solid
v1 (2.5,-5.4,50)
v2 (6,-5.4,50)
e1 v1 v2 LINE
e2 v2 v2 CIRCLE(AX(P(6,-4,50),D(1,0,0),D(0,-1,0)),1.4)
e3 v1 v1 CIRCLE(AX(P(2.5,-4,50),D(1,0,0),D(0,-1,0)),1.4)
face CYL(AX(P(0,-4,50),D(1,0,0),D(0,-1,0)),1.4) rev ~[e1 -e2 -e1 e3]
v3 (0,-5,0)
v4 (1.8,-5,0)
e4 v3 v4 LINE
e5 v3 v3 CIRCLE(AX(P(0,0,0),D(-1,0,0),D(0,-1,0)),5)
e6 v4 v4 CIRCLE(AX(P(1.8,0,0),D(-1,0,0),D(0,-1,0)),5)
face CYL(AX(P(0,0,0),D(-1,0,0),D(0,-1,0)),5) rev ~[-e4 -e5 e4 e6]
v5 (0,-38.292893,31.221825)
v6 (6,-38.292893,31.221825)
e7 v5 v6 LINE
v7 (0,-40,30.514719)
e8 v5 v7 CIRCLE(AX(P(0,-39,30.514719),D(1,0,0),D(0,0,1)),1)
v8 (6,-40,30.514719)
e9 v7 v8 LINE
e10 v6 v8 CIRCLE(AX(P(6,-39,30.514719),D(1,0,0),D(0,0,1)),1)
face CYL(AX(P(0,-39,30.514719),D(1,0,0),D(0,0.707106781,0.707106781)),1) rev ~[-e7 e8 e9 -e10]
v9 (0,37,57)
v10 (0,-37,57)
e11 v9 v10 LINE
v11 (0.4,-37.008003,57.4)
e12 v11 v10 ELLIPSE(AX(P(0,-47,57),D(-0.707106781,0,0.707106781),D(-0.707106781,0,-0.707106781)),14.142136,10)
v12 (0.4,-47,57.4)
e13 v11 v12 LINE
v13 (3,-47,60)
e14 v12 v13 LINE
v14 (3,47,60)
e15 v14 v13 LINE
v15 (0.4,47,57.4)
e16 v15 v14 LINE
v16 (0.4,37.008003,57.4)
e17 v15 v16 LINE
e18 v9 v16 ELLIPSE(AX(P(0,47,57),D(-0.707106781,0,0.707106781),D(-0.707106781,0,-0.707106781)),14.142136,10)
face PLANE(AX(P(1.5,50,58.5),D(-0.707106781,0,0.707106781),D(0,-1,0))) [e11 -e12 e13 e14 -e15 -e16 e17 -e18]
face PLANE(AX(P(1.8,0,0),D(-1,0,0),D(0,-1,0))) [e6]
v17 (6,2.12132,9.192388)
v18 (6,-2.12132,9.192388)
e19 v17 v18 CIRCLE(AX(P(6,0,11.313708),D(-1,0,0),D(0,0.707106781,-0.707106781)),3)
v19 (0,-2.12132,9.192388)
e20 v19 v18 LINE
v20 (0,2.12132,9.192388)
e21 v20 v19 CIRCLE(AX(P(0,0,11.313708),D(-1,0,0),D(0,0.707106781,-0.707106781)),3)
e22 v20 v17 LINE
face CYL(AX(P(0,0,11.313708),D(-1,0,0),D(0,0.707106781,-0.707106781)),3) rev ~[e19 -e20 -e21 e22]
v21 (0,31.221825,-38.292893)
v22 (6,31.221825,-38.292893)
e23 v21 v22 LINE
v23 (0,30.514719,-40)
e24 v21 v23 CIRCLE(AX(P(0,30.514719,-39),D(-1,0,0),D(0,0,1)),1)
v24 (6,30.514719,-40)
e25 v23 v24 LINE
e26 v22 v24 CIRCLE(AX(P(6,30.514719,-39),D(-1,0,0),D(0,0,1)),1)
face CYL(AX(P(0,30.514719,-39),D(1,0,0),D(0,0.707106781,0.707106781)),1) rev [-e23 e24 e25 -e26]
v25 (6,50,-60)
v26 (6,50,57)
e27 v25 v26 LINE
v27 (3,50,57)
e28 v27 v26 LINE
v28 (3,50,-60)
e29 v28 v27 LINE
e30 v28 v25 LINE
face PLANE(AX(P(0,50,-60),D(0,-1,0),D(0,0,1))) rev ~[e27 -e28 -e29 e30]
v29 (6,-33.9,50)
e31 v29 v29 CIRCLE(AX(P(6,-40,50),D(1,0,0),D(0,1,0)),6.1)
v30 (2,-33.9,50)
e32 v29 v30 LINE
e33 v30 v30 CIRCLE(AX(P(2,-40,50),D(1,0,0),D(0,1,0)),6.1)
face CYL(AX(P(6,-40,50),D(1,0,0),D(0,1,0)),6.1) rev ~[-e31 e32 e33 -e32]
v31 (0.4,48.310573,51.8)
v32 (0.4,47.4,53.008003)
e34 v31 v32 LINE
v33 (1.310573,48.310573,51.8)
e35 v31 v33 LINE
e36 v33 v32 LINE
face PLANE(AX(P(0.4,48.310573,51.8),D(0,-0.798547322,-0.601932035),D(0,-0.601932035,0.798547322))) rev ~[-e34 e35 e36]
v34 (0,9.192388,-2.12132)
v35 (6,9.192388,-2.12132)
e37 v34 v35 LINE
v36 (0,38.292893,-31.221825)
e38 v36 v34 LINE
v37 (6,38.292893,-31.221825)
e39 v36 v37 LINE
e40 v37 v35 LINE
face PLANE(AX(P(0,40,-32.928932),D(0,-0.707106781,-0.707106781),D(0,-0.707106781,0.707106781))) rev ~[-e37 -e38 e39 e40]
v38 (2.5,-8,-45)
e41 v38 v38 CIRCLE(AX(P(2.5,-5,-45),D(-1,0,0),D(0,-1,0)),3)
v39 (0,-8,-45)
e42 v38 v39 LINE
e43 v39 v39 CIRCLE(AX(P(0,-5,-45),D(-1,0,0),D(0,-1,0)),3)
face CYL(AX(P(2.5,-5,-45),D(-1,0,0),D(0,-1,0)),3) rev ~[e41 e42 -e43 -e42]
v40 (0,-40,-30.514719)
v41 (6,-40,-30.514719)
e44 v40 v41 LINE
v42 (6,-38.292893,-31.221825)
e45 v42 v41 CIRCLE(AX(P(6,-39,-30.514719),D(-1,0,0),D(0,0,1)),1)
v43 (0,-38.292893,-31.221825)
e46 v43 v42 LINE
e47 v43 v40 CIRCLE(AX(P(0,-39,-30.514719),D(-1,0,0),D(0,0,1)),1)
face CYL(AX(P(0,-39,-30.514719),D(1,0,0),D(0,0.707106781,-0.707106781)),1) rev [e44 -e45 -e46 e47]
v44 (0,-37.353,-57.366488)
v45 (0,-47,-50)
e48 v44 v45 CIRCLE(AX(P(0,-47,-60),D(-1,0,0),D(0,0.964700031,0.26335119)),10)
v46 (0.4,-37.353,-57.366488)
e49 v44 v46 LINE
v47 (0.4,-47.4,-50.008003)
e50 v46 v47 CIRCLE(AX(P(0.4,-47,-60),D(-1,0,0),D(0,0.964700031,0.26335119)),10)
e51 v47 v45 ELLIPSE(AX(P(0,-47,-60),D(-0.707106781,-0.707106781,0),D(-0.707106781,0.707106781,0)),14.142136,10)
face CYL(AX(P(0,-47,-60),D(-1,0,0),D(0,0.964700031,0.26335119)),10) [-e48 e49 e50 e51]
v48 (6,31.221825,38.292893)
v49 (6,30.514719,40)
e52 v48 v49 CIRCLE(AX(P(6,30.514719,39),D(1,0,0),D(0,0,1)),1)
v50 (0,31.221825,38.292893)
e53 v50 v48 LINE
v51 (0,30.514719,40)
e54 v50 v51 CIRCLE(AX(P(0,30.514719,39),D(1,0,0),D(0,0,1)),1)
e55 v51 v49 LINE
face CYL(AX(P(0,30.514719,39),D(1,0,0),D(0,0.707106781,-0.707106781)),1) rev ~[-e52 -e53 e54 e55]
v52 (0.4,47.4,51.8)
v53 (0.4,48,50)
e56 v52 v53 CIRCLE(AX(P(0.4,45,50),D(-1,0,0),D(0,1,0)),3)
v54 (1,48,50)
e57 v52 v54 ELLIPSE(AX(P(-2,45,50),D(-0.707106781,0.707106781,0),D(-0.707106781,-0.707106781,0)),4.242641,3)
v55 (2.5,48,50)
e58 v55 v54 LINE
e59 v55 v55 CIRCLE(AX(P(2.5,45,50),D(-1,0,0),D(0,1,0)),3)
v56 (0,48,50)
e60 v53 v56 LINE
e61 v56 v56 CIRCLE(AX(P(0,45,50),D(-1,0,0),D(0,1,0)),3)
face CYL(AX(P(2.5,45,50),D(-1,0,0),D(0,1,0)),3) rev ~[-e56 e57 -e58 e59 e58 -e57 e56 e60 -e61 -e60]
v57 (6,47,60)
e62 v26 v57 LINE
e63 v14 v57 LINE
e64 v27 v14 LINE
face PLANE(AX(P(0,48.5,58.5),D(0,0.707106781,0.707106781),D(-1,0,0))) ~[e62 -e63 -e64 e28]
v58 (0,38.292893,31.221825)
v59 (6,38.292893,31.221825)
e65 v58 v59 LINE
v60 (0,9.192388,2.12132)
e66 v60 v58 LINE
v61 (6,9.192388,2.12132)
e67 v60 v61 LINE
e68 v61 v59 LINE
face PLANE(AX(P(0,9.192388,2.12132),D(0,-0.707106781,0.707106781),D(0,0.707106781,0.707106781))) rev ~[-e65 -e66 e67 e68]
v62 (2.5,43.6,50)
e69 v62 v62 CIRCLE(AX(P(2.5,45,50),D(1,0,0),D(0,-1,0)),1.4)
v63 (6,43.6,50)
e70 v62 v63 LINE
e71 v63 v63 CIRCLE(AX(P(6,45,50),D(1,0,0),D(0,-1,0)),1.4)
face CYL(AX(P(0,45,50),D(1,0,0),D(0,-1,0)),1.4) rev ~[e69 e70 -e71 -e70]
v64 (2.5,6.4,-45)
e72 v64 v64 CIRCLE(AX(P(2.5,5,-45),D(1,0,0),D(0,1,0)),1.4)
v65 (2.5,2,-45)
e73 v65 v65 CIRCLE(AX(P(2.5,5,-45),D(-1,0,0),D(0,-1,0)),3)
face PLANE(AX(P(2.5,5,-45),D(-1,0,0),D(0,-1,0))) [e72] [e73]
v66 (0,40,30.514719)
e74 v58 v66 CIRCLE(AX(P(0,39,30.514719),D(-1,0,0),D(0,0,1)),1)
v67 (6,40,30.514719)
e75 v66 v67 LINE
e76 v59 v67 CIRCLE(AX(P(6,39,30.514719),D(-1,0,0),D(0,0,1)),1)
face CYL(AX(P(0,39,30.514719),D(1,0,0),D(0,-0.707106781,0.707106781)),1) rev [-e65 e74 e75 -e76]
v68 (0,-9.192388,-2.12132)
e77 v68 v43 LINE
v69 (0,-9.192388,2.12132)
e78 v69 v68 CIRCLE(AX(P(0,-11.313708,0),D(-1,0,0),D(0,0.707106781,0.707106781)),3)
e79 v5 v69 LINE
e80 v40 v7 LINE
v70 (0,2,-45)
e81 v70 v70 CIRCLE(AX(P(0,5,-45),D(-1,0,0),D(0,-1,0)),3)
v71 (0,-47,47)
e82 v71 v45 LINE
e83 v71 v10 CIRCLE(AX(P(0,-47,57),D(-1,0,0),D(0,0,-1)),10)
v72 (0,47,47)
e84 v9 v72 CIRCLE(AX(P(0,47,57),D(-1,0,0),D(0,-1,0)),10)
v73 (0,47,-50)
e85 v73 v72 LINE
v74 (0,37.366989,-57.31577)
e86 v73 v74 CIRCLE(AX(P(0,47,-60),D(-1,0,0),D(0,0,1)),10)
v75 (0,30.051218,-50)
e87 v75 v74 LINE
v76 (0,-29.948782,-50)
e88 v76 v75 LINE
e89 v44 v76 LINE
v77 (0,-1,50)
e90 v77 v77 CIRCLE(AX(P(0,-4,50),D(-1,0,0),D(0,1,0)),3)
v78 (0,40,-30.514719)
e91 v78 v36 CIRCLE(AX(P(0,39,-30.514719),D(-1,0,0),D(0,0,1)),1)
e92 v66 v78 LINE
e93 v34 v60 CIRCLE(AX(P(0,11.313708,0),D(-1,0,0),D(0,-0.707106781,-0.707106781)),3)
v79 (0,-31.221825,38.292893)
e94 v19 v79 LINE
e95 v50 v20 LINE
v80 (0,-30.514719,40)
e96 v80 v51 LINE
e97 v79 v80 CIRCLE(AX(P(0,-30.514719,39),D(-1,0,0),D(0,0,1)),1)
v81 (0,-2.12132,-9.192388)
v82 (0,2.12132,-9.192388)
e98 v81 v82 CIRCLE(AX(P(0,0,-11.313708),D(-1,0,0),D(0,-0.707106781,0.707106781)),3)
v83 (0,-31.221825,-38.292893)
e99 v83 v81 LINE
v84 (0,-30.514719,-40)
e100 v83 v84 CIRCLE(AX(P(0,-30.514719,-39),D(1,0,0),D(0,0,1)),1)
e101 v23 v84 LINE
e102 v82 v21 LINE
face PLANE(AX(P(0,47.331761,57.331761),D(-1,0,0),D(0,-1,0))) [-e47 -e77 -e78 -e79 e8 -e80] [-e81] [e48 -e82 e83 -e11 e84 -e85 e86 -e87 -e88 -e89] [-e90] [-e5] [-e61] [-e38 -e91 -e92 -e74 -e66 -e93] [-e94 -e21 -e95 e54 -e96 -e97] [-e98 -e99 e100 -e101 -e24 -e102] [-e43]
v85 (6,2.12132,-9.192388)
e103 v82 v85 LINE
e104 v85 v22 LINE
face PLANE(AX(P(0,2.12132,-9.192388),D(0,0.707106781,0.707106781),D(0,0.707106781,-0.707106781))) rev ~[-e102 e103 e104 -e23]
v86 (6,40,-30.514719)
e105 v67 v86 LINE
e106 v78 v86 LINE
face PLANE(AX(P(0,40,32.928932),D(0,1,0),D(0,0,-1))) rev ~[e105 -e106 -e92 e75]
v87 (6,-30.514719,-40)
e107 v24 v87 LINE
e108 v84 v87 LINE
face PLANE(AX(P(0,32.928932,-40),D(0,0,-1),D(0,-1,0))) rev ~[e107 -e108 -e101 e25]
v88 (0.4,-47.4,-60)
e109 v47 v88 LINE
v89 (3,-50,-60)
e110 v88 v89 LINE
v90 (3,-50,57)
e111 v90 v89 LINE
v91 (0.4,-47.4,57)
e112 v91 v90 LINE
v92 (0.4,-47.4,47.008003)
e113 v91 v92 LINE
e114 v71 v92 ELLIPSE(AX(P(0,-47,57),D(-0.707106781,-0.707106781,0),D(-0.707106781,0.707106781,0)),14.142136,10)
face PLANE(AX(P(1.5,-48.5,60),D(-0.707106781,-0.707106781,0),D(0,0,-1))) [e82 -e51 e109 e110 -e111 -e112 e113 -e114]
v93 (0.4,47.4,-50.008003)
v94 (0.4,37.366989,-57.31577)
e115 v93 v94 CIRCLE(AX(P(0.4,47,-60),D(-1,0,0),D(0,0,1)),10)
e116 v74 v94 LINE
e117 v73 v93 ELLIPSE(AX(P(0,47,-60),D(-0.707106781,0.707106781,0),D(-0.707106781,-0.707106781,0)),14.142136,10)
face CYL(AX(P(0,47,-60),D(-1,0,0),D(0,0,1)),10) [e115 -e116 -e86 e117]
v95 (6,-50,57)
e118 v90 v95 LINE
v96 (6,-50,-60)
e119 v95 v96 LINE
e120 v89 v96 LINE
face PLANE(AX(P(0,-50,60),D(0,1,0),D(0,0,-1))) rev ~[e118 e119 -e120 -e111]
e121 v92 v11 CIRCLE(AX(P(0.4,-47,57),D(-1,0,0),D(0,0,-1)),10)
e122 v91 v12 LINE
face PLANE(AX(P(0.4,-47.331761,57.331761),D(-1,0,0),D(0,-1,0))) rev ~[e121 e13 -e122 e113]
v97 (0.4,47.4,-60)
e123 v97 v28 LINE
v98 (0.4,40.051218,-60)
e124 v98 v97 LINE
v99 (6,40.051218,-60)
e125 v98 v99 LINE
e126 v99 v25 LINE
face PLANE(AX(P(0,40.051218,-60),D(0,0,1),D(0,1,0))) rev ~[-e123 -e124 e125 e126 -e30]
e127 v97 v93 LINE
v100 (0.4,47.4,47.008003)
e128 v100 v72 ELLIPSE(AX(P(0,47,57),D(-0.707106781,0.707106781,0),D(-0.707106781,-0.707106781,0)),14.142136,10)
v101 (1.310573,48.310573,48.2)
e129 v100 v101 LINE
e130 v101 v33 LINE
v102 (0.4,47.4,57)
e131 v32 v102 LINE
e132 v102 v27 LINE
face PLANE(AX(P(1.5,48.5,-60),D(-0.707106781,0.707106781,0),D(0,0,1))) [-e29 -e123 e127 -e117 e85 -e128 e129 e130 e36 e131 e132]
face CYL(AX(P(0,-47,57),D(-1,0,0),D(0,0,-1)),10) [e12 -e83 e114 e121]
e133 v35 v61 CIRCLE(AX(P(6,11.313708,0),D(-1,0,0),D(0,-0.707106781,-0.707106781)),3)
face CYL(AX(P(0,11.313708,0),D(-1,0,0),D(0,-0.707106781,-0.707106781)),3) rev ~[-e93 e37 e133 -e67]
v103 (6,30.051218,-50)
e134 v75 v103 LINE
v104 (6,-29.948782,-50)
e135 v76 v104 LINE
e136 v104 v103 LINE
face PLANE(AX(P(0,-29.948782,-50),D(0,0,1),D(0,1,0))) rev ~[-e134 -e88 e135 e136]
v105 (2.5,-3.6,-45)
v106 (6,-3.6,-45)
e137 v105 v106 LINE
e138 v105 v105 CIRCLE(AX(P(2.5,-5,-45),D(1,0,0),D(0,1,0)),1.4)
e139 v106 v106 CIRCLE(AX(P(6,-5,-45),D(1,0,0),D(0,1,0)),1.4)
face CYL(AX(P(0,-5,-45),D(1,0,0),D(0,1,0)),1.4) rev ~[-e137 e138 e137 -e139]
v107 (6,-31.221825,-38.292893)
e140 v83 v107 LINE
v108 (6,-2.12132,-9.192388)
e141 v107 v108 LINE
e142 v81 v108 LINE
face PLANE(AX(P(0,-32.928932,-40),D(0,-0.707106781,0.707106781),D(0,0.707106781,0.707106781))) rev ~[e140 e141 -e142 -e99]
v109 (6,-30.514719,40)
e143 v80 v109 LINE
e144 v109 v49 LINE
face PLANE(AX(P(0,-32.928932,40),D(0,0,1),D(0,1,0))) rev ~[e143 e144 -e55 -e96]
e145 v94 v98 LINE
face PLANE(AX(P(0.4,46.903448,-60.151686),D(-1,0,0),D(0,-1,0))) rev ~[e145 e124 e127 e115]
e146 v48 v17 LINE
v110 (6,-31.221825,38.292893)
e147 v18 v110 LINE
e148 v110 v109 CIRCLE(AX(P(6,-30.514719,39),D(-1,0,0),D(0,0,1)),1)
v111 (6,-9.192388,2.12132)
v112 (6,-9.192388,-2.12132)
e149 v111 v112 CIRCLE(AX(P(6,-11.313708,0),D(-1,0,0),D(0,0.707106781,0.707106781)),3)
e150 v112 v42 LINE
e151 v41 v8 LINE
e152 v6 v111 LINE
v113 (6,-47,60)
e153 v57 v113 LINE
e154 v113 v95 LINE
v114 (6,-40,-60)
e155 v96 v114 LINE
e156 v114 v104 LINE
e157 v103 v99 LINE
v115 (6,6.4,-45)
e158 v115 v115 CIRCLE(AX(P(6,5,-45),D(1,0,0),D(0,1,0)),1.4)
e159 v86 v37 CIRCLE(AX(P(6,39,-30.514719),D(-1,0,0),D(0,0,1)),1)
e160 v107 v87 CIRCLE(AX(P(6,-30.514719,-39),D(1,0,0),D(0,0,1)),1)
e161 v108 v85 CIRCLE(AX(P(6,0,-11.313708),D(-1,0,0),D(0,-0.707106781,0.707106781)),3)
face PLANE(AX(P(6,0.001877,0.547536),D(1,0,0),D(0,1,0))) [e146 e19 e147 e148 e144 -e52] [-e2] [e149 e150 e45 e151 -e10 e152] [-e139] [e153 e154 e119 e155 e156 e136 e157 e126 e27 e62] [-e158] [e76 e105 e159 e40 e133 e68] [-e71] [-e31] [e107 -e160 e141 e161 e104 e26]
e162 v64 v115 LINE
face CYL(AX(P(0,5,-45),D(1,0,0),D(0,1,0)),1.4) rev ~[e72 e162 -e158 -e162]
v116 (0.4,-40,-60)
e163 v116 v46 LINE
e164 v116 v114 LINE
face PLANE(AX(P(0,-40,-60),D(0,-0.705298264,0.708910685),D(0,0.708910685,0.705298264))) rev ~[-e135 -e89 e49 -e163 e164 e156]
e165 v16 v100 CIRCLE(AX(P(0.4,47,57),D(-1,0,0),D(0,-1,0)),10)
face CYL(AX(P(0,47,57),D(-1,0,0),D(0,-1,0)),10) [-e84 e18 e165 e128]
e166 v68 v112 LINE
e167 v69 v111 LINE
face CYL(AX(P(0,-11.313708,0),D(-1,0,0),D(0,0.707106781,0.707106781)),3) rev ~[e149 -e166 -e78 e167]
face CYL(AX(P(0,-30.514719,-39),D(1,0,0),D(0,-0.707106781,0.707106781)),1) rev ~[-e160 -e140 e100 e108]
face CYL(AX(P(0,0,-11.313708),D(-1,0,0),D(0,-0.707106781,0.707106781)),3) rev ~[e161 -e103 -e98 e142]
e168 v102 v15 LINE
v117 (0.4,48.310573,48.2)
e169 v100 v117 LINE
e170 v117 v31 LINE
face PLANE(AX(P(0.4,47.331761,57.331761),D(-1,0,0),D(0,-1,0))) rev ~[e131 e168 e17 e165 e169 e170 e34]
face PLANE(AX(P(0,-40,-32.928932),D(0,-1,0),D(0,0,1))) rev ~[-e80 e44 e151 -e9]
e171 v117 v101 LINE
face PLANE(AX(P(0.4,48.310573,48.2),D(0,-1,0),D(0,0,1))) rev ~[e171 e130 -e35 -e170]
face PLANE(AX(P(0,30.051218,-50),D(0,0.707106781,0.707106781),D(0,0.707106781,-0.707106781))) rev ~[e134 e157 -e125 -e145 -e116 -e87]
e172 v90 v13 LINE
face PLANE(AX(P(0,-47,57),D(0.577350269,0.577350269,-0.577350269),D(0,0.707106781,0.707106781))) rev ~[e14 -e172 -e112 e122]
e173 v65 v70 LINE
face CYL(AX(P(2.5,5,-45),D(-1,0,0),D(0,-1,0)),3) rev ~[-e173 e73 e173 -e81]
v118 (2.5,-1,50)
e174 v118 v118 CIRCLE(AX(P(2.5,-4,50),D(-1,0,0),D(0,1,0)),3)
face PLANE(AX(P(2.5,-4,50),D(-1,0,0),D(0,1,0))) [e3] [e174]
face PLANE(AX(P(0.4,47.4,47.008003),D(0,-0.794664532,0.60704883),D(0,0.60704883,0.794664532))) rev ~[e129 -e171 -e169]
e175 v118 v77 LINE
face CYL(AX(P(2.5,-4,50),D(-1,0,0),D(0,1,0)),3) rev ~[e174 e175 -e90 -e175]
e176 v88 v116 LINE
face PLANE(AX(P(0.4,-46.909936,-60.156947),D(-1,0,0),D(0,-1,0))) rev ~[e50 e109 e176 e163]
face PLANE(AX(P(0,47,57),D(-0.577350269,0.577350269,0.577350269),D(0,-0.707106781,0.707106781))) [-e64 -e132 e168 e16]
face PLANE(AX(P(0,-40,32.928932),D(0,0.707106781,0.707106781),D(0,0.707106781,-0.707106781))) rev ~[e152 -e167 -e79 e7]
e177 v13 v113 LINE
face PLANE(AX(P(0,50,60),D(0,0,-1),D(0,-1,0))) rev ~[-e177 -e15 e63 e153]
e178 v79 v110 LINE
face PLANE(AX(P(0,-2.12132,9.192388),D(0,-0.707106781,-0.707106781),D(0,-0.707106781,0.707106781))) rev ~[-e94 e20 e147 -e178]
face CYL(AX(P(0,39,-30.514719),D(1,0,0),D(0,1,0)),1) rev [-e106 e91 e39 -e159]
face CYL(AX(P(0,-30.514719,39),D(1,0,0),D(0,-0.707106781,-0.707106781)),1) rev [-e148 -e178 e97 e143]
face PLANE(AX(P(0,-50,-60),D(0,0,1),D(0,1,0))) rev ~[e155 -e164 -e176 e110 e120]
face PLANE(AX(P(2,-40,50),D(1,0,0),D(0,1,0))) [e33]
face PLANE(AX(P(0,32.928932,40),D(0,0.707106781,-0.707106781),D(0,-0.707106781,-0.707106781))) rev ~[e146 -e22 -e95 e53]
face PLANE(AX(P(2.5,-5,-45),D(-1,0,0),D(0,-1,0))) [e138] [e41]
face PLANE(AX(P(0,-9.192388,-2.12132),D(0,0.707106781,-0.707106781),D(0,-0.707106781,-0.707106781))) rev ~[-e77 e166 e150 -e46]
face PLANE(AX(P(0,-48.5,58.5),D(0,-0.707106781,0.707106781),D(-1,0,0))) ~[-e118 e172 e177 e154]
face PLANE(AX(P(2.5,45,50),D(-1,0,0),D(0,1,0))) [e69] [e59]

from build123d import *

# Parameters (mm, degrees)
F1_DEPTH        = 6
F2_R            = 1
F3_R            = 5
F4_DEPTH        = 1.8
F6_D            = 2.8
F6_CBORE_D      = 6
F6_CBORE_DEPTH  = 2.5
F7_SIZE         = 3
F9_DEPTH        = 0.4
F10_D           = 2.8
F10_CBORE_D     = 6
F10_CBORE_DEPTH = 2.5
F11_R           = 6.1
F12_DEPTH       = 4
F14_DEPTH       = 1


with BuildPart() as f1:
    # F0 (on Right) → F1 (new body)
    with BuildSketch(Plane.YZ):
        Polygon((40.0512183458, -60), (50, -60), (50, 60), (-50, 60), (-50, -60), (-40, -60), (-29.9487816542, -50), (30.0512183458, -50), align=None)
        with BuildLine():
            Line((2.1213203436, -9.1923881554), (32.9289321881, -40))
            Line((32.9289321881, -40), (-32.9289321881, -40))
            Line((-32.9289321881, -40), (-2.1213203436, -9.1923881554))
            ThreePointArc((-2.1213203436, -9.1923881554), (0, -8.313708499), (2.1213203436, -9.1923881554))
        make_face(mode=Mode.SUBTRACT)
        with BuildLine():
            Line((-9.1923881554, -2.1213203436), (-40, -32.9289321881))
            Line((-40, -32.9289321881), (-40, 32.9289321881))
            Line((-40, 32.9289321881), (-9.1923881554, 2.1213203436))
            ThreePointArc((-9.1923881554, 2.1213203436), (-8.313708499, 0), (-9.1923881554, -2.1213203436))
        make_face(mode=Mode.SUBTRACT)
        with BuildLine():
            Line((40, 32.9289321881), (40, -32.9289321881))
            Line((40, -32.9289321881), (9.1923881554, -2.1213203436))
            ThreePointArc((9.1923881554, -2.1213203436), (8.313708499, 0), (9.1923881554, 2.1213203436))
            Line((9.1923881554, 2.1213203436), (40, 32.9289321881))
        make_face(mode=Mode.SUBTRACT)
        with BuildLine():
            Line((-32.9289321881, 40), (32.9289321881, 40))
            Line((32.9289321881, 40), (2.1213203436, 9.1923881554))
            ThreePointArc((2.1213203436, 9.1923881554), (0, 8.313708499), (-2.1213203436, 9.1923881554))
            Line((-2.1213203436, 9.1923881554), (-32.9289321881, 40))
        make_face(mode=Mode.SUBTRACT)
    extrude(amount=F1_DEPTH)

    # F2
    f2_edges = [f1.edges().sort_by_distance(p)[0] for p in [
        (3, -32.928932, 40),
        (3, 32.928932, 40),
        (3, -40, 32.928932),
        (3, -40, -32.928932),
        (3, -32.928932, -40),
        (3, 40, 32.928932),
        (3, 40, -32.928932),
        (3, 32.928932, -40),
    ]]
    fillet(f2_edges, radius=F2_R)

    # F3 (on face) → F4 (cut)
    with BuildSketch(Plane(origin=(0, 0, 0), x_dir=(0, -1, 0), z_dir=(-1, 0, 0))):
        Circle(F3_R)
    extrude(amount=-F4_DEPTH, mode=Mode.SUBTRACT)

    # F6 (through all)
    with Locations(Plane(origin=(0, 0, 0), x_dir=(0, -1, 0), z_dir=(-1, 0, 0))):
        with Locations((-5, -45), (5, -45)):
            CounterBoreHole(F6_D / 2, F6_CBORE_D / 2, F6_CBORE_DEPTH)

    # F7
    f7_edges = [f1.edges().sort_by_distance(p)[0] for p in [
        (3, -50, 60),
        (3, 50, 60),
        (0, -50, 0),
        (0, 50, 0),
        (0, 0, 60),
    ]]
    chamfer(f7_edges, length=F7_SIZE)

    # F8 (on face) → F9 (join)
    with BuildSketch(Plane(origin=(0, 0, 0), x_dir=(0, -1, 0), z_dir=(-1, 0, 0))):
        with BuildLine():
            Line((-47, 57), (-37, 57))
            ThreePointArc((-37, 57), (-54.0710678119, 64.0710678119), (-47, 47))
            Line((-47, 47), (-47, 57))
        make_face()
        with BuildLine():
            ThreePointArc((47, 47), (54.0710678119, 64.0710678119), (37, 57))
            Line((37, 57), (47, 57))
            Line((47, 57), (47, 47))
        make_face()
        with BuildLine():
            Line((-47, -60), (-47, -50))
            ThreePointArc((-47, -50), (-53.0480452096, -67.9637396456), (-37.3669885172, -57.3157701715))
            Line((-37.3669885172, -57.3157701715), (-40.0512183458, -60))
            Line((-40.0512183458, -60), (-47, -60))
        make_face()
        with BuildLine():
            ThreePointArc((37.3529996858, -57.3664880981), (53.0689735945, -67.9478021811), (47, -50))
            Line((47, -50), (47, -60))
            Line((47, -60), (40, -60))
            Line((40, -60), (37.3529996858, -57.3664880981))
        make_face()
    extrude(amount=-F9_DEPTH)

    # F10 (through all)
    with Locations(Plane(origin=(0, 0, 0), x_dir=(0, 1, 0), z_dir=(-1, 0, 0))):
        with Locations((-4, -50), (45, -50)):
            CounterBoreHole(F10_D / 2, F10_CBORE_D / 2, F10_CBORE_DEPTH)

    # F11 (on face) → F12 (cut)
    with BuildSketch(Plane.YZ.offset(6)):
        with Locations((-40, 50)):
            Circle(F11_R)
    extrude(amount=-F12_DEPTH, mode=Mode.SUBTRACT)

    # F13 (on face) → F14 (join)
    with BuildSketch(Plane.YZ.offset(0.4)):
        with BuildLine():
            Line((47.4, 48.2), (47.4, 47.0080032026))
            Line((47.4, 47.0080032026), (48.3105732452, 48.2))
            Line((48.3105732452, 48.2), (48.3105732452, 51.8))
            Line((48.3105732452, 51.8), (47.4, 53.0080032026))
            Line((47.4, 53.0080032026), (47.4, 51.8))
            ThreePointArc((47.4, 51.8), (47.8460498942, 50.9486832981), (48, 50))
            ThreePointArc((48, 50), (47.8460498942, 49.0513167019), (47.4, 48.2))
        make_face()
    extrude(amount=F14_DEPTH)


solid = f1.part
